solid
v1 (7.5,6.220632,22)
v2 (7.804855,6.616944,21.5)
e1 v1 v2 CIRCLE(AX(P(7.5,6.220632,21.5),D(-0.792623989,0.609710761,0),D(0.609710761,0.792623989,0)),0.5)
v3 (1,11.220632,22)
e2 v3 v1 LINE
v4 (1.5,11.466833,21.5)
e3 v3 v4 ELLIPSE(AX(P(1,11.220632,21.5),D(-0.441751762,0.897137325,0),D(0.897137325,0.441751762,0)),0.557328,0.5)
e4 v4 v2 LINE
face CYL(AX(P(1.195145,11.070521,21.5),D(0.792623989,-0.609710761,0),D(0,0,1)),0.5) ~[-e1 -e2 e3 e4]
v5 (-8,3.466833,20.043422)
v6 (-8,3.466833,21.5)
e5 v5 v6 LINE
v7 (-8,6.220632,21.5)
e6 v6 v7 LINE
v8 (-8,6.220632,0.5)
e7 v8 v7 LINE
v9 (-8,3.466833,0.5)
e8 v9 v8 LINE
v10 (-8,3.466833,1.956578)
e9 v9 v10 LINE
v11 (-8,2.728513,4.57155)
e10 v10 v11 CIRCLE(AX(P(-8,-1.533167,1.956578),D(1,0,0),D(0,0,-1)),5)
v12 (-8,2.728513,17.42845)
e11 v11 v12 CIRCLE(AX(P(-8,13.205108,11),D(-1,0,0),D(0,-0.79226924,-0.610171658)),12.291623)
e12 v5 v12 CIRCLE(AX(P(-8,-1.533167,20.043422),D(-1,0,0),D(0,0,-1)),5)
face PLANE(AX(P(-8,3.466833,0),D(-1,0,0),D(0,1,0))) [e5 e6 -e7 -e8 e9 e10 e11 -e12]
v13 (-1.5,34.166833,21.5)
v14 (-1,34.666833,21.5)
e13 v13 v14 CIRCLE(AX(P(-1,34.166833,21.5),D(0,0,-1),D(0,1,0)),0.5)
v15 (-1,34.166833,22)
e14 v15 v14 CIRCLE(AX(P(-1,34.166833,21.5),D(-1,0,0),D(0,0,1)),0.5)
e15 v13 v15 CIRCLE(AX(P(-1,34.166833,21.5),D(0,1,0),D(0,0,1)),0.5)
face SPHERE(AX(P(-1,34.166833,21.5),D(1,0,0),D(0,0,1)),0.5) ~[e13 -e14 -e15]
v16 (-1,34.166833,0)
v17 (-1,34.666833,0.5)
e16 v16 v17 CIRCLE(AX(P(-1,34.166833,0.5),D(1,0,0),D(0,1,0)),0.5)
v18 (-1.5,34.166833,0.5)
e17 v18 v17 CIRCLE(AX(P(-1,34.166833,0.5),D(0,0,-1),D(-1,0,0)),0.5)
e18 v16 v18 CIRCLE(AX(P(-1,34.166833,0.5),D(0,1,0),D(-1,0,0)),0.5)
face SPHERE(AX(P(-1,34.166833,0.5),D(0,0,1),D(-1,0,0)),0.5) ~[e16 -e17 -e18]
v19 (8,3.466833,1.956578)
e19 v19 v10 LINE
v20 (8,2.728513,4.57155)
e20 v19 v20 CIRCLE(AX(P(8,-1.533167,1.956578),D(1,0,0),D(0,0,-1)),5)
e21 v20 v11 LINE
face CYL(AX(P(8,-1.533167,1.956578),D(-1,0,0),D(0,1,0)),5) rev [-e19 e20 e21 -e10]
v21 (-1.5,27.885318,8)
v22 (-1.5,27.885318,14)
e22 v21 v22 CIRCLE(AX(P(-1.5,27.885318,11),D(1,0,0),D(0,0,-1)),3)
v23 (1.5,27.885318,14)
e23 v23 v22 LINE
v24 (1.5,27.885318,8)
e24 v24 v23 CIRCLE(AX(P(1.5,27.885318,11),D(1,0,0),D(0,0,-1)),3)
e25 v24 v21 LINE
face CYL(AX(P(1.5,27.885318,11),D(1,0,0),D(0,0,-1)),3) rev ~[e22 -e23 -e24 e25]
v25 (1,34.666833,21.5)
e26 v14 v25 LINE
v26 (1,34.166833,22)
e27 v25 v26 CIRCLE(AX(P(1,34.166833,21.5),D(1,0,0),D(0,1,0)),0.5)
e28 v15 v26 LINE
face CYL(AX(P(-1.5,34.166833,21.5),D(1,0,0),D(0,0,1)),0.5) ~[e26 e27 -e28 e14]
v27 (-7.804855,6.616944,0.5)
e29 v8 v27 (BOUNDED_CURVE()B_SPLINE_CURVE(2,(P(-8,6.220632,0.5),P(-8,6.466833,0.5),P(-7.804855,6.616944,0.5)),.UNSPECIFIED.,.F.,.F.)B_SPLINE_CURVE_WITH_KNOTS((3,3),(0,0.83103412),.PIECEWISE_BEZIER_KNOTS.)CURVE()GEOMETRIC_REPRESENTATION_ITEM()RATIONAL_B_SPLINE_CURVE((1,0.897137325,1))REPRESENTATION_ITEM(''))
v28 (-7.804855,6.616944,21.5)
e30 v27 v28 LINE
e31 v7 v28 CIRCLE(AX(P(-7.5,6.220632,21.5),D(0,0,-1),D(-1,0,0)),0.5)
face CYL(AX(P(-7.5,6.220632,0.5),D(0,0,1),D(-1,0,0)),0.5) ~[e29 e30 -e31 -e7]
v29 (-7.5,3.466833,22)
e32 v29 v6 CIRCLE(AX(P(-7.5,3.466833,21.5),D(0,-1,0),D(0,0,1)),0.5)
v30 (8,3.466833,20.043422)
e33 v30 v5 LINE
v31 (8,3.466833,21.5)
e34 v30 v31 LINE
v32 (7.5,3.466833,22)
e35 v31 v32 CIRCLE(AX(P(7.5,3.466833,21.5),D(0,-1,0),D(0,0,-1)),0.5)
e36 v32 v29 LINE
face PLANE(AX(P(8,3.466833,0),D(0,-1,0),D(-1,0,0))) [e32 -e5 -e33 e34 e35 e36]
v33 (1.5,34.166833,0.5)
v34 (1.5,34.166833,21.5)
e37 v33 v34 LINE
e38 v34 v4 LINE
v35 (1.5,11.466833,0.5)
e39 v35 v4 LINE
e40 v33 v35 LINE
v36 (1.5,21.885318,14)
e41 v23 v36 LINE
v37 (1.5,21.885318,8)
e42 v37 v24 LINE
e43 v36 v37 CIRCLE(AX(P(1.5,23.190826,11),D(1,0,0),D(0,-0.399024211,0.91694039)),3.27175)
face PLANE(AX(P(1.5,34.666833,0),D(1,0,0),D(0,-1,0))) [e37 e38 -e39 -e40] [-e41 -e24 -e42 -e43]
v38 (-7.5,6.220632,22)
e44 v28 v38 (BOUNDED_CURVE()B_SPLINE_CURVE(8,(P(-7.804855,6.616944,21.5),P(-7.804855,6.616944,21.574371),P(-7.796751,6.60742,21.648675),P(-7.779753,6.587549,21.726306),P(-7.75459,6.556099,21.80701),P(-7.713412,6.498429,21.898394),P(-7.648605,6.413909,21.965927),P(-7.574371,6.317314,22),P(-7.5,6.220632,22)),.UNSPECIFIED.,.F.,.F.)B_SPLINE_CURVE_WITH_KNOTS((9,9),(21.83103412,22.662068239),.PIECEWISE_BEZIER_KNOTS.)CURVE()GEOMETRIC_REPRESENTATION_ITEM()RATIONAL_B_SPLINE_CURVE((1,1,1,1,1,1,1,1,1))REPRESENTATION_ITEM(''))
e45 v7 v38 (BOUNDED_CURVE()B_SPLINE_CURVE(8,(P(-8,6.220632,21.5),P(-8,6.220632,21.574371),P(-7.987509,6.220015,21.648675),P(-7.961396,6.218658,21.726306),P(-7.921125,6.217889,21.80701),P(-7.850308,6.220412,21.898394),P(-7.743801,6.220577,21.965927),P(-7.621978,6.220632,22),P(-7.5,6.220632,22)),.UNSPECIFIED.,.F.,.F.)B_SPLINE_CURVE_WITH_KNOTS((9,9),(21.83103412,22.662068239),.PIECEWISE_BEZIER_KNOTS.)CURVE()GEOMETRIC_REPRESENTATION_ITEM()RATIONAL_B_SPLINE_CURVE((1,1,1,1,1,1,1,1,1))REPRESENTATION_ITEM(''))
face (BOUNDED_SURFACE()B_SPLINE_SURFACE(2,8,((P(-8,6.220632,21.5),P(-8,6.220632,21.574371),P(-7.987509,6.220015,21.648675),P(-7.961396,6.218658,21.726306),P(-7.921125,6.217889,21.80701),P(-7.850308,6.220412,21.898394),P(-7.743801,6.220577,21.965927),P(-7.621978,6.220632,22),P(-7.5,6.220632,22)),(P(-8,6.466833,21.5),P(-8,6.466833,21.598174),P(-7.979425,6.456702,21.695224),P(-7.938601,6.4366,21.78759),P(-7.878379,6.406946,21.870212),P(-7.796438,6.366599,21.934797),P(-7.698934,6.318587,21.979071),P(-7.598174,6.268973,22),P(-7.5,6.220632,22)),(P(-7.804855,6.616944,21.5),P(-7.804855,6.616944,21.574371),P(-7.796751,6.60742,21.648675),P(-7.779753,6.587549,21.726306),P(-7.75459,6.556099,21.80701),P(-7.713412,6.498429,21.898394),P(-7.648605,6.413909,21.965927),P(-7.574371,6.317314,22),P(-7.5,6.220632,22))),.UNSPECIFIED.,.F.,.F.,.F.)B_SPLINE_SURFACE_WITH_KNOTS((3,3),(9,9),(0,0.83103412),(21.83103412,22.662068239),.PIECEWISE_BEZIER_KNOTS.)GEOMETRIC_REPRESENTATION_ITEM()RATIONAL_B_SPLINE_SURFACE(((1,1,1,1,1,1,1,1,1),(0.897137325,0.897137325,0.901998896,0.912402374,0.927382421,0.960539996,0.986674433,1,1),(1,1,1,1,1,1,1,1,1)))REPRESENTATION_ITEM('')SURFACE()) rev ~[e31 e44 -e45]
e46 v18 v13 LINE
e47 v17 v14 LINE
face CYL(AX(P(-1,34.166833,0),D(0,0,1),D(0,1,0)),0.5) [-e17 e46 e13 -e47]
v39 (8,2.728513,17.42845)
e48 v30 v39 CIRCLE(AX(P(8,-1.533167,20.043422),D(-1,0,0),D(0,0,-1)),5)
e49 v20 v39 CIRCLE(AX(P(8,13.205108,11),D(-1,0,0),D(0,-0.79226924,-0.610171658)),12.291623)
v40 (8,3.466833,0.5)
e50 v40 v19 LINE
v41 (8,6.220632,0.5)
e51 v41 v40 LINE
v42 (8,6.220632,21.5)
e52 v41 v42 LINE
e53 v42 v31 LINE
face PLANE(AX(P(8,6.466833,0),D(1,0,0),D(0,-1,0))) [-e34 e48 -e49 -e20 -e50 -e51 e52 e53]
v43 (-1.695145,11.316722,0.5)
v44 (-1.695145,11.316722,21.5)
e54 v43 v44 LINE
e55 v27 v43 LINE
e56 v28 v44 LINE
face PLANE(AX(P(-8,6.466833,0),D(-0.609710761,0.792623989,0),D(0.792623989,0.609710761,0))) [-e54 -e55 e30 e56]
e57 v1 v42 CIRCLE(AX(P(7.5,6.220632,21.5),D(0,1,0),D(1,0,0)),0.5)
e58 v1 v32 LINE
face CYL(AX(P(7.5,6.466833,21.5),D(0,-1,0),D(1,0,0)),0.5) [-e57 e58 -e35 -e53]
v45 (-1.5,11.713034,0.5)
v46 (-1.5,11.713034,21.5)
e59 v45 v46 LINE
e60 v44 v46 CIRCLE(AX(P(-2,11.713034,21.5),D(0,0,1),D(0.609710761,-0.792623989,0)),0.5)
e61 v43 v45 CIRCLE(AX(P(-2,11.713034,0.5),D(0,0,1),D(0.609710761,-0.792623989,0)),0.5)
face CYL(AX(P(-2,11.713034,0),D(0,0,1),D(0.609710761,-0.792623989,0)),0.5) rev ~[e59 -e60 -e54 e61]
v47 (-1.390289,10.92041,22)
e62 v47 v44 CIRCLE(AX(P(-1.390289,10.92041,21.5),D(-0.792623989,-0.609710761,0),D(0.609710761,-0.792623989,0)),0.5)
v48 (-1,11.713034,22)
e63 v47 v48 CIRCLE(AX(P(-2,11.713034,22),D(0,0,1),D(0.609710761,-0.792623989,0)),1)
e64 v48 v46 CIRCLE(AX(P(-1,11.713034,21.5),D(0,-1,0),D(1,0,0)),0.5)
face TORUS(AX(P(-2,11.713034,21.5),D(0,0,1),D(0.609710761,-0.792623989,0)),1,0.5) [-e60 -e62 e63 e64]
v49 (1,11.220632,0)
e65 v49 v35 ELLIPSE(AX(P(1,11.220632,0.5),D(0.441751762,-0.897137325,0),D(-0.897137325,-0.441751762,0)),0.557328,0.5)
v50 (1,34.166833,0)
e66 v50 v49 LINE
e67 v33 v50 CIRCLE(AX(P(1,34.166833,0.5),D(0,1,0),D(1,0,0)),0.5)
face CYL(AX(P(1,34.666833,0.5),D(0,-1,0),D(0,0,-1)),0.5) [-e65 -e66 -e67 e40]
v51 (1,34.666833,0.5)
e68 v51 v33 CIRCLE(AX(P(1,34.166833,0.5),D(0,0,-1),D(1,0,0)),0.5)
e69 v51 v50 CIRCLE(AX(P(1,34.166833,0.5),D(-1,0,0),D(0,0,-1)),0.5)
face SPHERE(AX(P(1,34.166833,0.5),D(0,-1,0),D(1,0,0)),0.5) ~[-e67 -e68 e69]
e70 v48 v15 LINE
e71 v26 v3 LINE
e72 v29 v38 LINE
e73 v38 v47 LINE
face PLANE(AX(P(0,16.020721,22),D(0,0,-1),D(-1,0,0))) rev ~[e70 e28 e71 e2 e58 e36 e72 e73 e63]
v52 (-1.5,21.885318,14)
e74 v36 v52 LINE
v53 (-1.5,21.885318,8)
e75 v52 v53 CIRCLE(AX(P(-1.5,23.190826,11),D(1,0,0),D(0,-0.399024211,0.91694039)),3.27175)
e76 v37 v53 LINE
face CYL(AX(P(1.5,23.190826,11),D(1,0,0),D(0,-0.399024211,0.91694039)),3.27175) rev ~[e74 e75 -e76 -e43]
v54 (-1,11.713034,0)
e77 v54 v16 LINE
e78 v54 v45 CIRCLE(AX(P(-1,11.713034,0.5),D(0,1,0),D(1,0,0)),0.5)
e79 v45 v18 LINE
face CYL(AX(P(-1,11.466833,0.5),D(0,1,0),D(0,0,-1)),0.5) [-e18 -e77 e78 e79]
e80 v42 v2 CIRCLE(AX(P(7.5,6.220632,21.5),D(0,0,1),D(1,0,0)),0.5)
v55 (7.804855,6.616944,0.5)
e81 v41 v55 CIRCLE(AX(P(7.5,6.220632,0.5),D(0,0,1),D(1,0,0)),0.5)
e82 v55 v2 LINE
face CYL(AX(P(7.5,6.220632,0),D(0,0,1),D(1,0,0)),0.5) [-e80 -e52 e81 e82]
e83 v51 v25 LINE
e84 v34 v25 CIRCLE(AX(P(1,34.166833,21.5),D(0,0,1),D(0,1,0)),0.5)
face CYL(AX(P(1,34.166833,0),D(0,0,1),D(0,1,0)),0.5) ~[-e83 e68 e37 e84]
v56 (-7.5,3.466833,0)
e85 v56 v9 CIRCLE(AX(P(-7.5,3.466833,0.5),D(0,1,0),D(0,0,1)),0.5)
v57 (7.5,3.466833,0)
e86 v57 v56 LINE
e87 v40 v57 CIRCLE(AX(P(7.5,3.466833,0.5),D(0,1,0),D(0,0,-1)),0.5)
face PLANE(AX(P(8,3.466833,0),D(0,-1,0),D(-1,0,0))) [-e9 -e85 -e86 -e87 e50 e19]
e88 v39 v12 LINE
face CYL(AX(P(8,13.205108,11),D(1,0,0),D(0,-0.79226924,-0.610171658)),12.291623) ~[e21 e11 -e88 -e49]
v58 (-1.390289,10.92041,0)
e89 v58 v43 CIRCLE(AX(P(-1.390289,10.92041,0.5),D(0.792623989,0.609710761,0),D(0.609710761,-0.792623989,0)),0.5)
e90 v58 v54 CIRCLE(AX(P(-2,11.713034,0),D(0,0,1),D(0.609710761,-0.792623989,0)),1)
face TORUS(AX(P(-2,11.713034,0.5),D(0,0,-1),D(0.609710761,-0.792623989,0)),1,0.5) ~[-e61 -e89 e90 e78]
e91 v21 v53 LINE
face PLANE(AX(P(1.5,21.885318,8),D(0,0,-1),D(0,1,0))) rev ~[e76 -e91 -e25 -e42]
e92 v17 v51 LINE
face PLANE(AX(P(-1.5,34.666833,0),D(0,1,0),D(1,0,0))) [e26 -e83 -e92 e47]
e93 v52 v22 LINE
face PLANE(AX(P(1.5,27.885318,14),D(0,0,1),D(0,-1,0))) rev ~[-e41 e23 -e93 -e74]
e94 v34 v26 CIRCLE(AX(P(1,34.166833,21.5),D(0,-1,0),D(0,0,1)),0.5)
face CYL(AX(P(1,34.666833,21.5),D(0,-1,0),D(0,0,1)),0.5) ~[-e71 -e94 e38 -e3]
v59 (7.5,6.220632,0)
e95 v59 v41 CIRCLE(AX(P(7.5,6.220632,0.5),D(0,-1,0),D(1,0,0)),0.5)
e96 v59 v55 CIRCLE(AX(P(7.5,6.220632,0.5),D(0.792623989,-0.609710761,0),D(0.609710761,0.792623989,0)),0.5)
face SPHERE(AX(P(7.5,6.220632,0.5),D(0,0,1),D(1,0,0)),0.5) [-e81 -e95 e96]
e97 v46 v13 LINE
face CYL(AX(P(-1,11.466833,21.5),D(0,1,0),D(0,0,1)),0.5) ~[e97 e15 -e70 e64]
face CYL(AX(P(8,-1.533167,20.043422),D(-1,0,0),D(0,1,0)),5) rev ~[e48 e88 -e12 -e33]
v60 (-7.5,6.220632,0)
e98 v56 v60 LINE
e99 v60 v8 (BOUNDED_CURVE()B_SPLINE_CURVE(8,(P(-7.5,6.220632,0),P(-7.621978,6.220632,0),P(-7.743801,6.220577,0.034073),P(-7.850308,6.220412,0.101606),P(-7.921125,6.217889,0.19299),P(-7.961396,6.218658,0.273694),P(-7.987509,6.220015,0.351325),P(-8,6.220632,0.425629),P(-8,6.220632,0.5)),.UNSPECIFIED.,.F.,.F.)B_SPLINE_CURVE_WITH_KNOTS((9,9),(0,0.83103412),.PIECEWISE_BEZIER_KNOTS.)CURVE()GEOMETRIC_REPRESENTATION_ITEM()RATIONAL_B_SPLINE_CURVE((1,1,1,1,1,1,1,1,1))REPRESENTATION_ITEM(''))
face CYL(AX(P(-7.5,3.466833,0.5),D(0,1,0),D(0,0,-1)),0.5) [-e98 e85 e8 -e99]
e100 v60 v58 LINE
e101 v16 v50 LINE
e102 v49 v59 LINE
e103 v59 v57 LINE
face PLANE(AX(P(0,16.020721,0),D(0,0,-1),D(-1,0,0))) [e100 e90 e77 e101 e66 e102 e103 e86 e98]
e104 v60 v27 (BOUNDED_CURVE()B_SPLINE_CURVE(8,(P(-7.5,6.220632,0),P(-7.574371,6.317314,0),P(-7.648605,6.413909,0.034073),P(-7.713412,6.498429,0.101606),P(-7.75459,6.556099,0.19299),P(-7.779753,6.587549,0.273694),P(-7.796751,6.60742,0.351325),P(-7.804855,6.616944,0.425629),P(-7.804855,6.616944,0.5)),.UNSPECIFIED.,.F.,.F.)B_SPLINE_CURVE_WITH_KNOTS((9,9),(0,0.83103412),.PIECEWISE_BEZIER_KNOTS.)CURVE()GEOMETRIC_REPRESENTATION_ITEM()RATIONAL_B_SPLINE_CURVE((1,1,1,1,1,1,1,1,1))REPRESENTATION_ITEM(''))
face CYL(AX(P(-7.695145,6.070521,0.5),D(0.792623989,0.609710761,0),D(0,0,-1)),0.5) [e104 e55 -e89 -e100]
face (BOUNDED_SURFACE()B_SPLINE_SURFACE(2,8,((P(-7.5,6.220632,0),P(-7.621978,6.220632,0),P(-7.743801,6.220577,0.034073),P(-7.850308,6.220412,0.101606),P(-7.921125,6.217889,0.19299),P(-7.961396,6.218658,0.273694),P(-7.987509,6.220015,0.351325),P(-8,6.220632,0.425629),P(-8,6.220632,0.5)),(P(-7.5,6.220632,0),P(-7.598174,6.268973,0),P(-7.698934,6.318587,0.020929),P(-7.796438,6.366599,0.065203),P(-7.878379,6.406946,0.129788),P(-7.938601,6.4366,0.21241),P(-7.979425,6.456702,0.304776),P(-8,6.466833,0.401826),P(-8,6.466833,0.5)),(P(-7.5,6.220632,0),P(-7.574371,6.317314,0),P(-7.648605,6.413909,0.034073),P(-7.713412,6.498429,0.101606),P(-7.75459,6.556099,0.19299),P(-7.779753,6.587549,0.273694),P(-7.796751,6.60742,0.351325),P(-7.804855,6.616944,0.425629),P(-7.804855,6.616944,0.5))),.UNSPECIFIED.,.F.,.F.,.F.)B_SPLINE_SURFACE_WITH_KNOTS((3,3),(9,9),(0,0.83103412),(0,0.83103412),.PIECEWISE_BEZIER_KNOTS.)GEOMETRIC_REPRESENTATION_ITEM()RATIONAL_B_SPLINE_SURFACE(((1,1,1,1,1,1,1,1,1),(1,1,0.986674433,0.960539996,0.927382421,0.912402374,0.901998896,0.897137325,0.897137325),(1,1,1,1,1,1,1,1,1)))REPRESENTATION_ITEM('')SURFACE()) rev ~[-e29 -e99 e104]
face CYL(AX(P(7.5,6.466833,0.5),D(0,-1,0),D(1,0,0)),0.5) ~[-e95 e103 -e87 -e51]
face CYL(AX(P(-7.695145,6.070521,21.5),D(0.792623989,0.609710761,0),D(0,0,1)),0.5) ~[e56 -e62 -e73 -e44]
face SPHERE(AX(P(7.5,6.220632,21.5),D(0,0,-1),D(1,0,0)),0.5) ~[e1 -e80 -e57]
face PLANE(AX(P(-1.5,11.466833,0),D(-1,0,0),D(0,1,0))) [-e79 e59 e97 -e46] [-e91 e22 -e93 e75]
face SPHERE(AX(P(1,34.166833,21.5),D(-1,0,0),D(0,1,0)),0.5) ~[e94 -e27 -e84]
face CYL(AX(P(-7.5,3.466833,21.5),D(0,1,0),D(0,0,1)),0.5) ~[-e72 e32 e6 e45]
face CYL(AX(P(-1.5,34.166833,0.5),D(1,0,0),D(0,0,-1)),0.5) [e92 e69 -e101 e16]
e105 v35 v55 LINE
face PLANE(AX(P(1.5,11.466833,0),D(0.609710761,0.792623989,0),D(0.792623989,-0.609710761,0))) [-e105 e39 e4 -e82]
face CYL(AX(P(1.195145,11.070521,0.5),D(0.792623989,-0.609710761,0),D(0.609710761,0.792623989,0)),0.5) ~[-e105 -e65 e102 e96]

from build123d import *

# Parameters (mm, degrees)
RESSALTO_EXTRUS_O1_DEPTH = 22
RESSALTO_EXTRUS_O2_DEPTH = 16
FILETE1_R                = 5
FILETE2_R                = 0.5
FILETE3_R                = 0.5
CORTE_EXTRUS_O1_DEPTH    = 43.143081298


with BuildPart() as part:
    # Esboço2 → Ressalto-extrusão1 (new body)
    with BuildSketch(Plane.XY):
        Polygon((-1.5, 34.66683278), (1.5, 34.66683278), (1.5, 11.46683278), (8, 6.46683278), (8, 3.46683278), (-8, 3.46683278), (-8, 6.46683278), (-1.5, 11.46683278), align=None)
    extrude(amount=RESSALTO_EXTRUS_O1_DEPTH)

    # Esboço3 → Ressalto-extrusão2 (add)
    with BuildSketch(Plane(origin=(8, 0, 0), x_dir=(0, 0, -1), z_dir=(1, 0, 0))):
        with BuildLine():
            Line((-18.5, 3.46683278), (-3.5, 3.46683278))
            ThreePointArc((-3.5, 3.46683278), (-11, 0.913484582), (-18.5, 3.46683278))
        make_face()
    extrude(amount=-RESSALTO_EXTRUS_O2_DEPTH)

    # Filete1
    filete1_edges = [part.edges().sort_by_distance(p)[0] for p in [
        (0, 3.46683278, 3.5),
        (0, 3.46683278, 18.5),
    ]]
    fillet(filete1_edges, radius=FILETE1_R)

    # Filete2
    filete2_edges = [part.edges().sort_by_distance(p)[0] for p in [
        (0, 34.66683278, 22),
        (1.5, 23.06683278, 0),
        (4.75, 8.96683278, 0),
        (-1.5, 23.06683278, 22),
        (8, 6.46683278, 11),
        (-1.5, 11.46683278, 11),
        (-1.5, 34.66683278, 11),
        (1.5, 34.66683278, 11),
        (-4.75, 8.96683278, 22),
        (-8, 4.96683278, 22),
        (8, 4.96683278, 22),
        (4.75, 8.96683278, 22),
        (1.5, 23.06683278, 22),
        (8, 4.96683278, 0),
        (-8, 4.96683278, 0),
        (-4.75, 8.96683278, 0),
        (-1.5, 23.06683278, 0),
        (0, 34.66683278, 0),
    ]]
    fillet(filete2_edges, radius=FILETE2_R)

    # Filete3
    filete3_edges = [part.edges().sort_by_distance(p)[0] for p in [
        (-8, 6.46683278, 11),
        (-7.843873382, 6.389955799, 21.86297534),
        (-7.843873382, 6.389955799, 0.13702466),
    ]]
    fillet(filete3_edges, radius=FILETE3_R)

    # Esboço4 → Corte-extrusão1 (cut, through all)
    with BuildSketch(Plane(origin=(1.5, 0, 0), x_dir=(0, 0, -1), z_dir=(1, 0, 0))):
        with BuildLine():
            Line((-14, 27.885318181), (-14, 21.885318181))
            ThreePointArc((-14, 21.885318181), (-11, 19.91907546), (-8, 21.885318181))
            Line((-8, 21.885318181), (-8, 27.885318181))
            ThreePointArc((-8, 27.885318181), (-11, 30.885318181), (-14, 27.885318181))
        make_face()
    extrude(amount=-CORTE_EXTRUS_O1_DEPTH, mode=Mode.SUBTRACT)


solid = part.part
